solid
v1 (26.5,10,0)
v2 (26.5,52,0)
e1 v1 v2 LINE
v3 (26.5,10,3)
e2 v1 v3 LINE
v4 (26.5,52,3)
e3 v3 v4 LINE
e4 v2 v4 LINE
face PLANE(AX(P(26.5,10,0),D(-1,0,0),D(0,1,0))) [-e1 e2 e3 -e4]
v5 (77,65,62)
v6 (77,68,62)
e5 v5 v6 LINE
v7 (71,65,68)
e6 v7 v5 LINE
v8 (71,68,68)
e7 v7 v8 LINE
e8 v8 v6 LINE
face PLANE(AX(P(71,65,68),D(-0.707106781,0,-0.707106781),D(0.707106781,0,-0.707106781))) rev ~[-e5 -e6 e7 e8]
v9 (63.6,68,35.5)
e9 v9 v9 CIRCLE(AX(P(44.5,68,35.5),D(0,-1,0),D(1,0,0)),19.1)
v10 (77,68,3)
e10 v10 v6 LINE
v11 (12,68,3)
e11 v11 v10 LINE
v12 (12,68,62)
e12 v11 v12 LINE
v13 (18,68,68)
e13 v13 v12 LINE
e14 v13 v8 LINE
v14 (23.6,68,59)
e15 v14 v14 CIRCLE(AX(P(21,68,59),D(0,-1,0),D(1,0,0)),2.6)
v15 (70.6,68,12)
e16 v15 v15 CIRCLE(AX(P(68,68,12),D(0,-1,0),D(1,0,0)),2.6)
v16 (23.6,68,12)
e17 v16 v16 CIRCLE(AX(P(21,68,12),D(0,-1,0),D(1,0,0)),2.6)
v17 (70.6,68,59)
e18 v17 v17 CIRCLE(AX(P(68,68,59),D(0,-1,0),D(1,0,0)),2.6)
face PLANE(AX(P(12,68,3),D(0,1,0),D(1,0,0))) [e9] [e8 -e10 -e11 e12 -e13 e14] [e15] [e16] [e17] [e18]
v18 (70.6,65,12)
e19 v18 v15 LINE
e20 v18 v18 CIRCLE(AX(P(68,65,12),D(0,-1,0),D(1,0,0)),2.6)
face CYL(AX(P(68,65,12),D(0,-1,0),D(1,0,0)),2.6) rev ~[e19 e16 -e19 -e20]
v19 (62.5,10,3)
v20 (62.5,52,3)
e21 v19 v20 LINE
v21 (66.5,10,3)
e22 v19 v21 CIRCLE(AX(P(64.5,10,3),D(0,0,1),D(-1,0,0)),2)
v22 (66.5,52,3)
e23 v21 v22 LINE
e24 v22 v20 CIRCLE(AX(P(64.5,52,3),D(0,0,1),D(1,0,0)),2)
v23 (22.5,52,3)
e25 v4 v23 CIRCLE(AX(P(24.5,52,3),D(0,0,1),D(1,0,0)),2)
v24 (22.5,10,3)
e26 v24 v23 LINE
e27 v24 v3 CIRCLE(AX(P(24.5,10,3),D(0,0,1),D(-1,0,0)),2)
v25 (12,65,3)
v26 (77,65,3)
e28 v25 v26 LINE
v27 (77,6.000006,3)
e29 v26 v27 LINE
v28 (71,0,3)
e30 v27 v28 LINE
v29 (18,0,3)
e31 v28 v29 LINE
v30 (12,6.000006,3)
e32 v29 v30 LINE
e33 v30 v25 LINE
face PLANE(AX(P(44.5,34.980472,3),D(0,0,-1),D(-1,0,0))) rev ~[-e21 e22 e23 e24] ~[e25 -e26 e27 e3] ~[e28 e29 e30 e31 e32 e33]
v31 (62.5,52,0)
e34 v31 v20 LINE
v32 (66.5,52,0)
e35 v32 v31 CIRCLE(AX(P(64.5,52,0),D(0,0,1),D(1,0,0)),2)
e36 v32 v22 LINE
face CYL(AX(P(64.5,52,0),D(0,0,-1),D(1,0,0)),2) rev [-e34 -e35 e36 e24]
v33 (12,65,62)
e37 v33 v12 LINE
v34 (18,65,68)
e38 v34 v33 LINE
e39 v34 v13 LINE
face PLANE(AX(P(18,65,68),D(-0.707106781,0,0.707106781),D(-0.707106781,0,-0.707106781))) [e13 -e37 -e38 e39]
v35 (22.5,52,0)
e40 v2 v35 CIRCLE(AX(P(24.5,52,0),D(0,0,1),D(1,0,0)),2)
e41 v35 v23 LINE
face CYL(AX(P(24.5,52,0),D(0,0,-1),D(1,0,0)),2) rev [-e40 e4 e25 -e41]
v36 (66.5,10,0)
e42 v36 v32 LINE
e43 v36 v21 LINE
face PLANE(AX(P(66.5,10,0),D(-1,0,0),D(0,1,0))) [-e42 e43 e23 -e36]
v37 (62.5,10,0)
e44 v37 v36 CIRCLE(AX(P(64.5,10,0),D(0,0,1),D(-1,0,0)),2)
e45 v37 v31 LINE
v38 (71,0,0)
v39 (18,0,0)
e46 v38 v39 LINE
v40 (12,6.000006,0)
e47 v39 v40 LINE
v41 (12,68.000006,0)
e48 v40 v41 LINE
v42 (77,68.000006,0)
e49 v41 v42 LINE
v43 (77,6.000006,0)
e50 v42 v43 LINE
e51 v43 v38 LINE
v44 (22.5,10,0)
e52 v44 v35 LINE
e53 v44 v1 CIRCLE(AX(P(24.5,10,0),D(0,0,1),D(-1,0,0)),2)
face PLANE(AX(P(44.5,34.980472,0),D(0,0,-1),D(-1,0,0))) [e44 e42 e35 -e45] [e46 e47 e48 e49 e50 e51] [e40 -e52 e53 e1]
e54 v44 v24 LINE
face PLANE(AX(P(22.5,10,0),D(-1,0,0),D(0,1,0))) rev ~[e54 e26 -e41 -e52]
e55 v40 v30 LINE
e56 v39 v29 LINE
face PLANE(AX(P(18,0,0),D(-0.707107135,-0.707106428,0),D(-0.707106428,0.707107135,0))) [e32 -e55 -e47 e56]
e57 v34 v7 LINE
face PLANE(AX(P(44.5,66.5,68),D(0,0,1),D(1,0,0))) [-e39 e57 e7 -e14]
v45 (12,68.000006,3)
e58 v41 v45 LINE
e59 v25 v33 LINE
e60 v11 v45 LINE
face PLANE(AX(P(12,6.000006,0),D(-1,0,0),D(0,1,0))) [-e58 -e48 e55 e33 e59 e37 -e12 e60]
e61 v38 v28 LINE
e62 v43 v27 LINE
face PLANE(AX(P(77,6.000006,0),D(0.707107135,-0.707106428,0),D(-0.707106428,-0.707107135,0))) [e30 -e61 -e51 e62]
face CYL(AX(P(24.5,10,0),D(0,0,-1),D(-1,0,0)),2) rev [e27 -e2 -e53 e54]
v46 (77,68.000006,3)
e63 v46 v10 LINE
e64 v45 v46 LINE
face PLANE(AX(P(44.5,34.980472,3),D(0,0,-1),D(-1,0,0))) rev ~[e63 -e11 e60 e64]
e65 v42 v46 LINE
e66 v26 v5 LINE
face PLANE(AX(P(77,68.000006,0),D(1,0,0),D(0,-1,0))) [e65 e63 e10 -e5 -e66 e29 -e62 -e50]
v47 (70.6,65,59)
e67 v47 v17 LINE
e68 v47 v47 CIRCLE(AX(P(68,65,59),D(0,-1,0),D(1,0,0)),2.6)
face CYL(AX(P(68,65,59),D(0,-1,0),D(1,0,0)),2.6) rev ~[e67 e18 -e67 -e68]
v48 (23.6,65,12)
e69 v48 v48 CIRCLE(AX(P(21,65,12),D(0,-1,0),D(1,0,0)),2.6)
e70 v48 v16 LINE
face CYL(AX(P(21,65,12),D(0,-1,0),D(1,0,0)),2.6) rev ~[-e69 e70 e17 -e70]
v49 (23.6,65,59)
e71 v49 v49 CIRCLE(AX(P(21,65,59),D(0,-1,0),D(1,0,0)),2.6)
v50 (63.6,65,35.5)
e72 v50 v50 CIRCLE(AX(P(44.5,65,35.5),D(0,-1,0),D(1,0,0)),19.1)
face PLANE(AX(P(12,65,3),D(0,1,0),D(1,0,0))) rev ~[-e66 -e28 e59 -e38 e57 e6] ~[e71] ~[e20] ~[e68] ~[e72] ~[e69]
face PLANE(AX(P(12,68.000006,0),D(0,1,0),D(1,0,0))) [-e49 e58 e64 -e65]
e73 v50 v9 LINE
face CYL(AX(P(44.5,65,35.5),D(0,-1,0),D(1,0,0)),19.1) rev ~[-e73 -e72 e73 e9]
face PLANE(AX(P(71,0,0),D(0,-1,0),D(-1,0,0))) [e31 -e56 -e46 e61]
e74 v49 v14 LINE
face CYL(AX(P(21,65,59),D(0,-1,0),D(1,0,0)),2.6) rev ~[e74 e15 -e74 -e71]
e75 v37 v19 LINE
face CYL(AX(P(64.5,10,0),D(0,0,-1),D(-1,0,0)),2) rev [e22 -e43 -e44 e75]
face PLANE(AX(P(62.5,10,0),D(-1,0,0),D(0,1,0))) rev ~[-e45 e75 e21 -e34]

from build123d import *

# Parameters (mm, degrees)
PAD005_DEPTH  = 3
SKETCH006_W   = 65
SKETCH006_H   = 3
PAD006_DEPTH  = 65
SKETCH007_R   = 2.6
SKETCH007_R_2 = 19.1
POCKET_DEPTH  = 3


with BuildPart() as part:
    # Sketch005 → Pad005 (new body)
    with BuildSketch(Plane.XY):
        Polygon((0, 68.000006), (65, 68.000006), (65, 6.000006), (59, 0), (6, 0), (0, 6.000006), align=None)
        with BuildLine():
            ThreePointArc((50.5, 10), (52.5, 8), (54.5, 10))
            Line((54.5, 10), (54.5, 52))
            ThreePointArc((54.5, 52), (52.5, 54), (50.5, 52))
            Line((50.5, 10), (50.5, 52))
        make_face(mode=Mode.SUBTRACT)
        with BuildLine():
            ThreePointArc((10.5, 10), (12.5, 8), (14.5, 10))
            Line((14.5, 10), (14.5, 52))
            ThreePointArc((14.5, 52), (12.5, 54), (10.5, 52))
            Line((10.5, 10), (10.5, 52))
        make_face(mode=Mode.SUBTRACT)
    extrude(amount=PAD005_DEPTH)

    # Sketch006 (on Face16 of Pad005) → Pad006 (join)
    with BuildSketch(Plane.XY.offset(3)):
        with Locations((32.5, 66.5)):
            Rectangle(SKETCH006_W, SKETCH006_H)
    extrude(amount=PAD006_DEPTH)

    # Sketch007 (on Face21 of Pad006) → Pocket (cut)
    with BuildSketch(Plane.XZ.offset(-65)):
        with Locations((9, 59)):
            Circle(SKETCH007_R)
        with Locations((32.5, 35.5)):
            Circle(SKETCH007_R_2)
        with Locations((56, 12)):
            Circle(SKETCH007_R)
        with Locations((56, 59)):
            Circle(SKETCH007_R)
        with Locations((56, 12)):
            Circle(SKETCH007_R)
        with Locations((9, 12)):
            Circle(SKETCH007_R)
        with Locations((9, 12)):
            Circle(SKETCH007_R)
        Polygon((0, 68), (6, 68), (0, 62), align=None)
        Polygon((65, 68), (59, 68), (65, 62), align=None)
    extrude(amount=-POCKET_DEPTH, mode=Mode.SUBTRACT)


with BuildPart() as part_1:
    # Body005 placement: moved
    add(part.part.moved(Location((12, 0, 0))))


solid = part_1.part
